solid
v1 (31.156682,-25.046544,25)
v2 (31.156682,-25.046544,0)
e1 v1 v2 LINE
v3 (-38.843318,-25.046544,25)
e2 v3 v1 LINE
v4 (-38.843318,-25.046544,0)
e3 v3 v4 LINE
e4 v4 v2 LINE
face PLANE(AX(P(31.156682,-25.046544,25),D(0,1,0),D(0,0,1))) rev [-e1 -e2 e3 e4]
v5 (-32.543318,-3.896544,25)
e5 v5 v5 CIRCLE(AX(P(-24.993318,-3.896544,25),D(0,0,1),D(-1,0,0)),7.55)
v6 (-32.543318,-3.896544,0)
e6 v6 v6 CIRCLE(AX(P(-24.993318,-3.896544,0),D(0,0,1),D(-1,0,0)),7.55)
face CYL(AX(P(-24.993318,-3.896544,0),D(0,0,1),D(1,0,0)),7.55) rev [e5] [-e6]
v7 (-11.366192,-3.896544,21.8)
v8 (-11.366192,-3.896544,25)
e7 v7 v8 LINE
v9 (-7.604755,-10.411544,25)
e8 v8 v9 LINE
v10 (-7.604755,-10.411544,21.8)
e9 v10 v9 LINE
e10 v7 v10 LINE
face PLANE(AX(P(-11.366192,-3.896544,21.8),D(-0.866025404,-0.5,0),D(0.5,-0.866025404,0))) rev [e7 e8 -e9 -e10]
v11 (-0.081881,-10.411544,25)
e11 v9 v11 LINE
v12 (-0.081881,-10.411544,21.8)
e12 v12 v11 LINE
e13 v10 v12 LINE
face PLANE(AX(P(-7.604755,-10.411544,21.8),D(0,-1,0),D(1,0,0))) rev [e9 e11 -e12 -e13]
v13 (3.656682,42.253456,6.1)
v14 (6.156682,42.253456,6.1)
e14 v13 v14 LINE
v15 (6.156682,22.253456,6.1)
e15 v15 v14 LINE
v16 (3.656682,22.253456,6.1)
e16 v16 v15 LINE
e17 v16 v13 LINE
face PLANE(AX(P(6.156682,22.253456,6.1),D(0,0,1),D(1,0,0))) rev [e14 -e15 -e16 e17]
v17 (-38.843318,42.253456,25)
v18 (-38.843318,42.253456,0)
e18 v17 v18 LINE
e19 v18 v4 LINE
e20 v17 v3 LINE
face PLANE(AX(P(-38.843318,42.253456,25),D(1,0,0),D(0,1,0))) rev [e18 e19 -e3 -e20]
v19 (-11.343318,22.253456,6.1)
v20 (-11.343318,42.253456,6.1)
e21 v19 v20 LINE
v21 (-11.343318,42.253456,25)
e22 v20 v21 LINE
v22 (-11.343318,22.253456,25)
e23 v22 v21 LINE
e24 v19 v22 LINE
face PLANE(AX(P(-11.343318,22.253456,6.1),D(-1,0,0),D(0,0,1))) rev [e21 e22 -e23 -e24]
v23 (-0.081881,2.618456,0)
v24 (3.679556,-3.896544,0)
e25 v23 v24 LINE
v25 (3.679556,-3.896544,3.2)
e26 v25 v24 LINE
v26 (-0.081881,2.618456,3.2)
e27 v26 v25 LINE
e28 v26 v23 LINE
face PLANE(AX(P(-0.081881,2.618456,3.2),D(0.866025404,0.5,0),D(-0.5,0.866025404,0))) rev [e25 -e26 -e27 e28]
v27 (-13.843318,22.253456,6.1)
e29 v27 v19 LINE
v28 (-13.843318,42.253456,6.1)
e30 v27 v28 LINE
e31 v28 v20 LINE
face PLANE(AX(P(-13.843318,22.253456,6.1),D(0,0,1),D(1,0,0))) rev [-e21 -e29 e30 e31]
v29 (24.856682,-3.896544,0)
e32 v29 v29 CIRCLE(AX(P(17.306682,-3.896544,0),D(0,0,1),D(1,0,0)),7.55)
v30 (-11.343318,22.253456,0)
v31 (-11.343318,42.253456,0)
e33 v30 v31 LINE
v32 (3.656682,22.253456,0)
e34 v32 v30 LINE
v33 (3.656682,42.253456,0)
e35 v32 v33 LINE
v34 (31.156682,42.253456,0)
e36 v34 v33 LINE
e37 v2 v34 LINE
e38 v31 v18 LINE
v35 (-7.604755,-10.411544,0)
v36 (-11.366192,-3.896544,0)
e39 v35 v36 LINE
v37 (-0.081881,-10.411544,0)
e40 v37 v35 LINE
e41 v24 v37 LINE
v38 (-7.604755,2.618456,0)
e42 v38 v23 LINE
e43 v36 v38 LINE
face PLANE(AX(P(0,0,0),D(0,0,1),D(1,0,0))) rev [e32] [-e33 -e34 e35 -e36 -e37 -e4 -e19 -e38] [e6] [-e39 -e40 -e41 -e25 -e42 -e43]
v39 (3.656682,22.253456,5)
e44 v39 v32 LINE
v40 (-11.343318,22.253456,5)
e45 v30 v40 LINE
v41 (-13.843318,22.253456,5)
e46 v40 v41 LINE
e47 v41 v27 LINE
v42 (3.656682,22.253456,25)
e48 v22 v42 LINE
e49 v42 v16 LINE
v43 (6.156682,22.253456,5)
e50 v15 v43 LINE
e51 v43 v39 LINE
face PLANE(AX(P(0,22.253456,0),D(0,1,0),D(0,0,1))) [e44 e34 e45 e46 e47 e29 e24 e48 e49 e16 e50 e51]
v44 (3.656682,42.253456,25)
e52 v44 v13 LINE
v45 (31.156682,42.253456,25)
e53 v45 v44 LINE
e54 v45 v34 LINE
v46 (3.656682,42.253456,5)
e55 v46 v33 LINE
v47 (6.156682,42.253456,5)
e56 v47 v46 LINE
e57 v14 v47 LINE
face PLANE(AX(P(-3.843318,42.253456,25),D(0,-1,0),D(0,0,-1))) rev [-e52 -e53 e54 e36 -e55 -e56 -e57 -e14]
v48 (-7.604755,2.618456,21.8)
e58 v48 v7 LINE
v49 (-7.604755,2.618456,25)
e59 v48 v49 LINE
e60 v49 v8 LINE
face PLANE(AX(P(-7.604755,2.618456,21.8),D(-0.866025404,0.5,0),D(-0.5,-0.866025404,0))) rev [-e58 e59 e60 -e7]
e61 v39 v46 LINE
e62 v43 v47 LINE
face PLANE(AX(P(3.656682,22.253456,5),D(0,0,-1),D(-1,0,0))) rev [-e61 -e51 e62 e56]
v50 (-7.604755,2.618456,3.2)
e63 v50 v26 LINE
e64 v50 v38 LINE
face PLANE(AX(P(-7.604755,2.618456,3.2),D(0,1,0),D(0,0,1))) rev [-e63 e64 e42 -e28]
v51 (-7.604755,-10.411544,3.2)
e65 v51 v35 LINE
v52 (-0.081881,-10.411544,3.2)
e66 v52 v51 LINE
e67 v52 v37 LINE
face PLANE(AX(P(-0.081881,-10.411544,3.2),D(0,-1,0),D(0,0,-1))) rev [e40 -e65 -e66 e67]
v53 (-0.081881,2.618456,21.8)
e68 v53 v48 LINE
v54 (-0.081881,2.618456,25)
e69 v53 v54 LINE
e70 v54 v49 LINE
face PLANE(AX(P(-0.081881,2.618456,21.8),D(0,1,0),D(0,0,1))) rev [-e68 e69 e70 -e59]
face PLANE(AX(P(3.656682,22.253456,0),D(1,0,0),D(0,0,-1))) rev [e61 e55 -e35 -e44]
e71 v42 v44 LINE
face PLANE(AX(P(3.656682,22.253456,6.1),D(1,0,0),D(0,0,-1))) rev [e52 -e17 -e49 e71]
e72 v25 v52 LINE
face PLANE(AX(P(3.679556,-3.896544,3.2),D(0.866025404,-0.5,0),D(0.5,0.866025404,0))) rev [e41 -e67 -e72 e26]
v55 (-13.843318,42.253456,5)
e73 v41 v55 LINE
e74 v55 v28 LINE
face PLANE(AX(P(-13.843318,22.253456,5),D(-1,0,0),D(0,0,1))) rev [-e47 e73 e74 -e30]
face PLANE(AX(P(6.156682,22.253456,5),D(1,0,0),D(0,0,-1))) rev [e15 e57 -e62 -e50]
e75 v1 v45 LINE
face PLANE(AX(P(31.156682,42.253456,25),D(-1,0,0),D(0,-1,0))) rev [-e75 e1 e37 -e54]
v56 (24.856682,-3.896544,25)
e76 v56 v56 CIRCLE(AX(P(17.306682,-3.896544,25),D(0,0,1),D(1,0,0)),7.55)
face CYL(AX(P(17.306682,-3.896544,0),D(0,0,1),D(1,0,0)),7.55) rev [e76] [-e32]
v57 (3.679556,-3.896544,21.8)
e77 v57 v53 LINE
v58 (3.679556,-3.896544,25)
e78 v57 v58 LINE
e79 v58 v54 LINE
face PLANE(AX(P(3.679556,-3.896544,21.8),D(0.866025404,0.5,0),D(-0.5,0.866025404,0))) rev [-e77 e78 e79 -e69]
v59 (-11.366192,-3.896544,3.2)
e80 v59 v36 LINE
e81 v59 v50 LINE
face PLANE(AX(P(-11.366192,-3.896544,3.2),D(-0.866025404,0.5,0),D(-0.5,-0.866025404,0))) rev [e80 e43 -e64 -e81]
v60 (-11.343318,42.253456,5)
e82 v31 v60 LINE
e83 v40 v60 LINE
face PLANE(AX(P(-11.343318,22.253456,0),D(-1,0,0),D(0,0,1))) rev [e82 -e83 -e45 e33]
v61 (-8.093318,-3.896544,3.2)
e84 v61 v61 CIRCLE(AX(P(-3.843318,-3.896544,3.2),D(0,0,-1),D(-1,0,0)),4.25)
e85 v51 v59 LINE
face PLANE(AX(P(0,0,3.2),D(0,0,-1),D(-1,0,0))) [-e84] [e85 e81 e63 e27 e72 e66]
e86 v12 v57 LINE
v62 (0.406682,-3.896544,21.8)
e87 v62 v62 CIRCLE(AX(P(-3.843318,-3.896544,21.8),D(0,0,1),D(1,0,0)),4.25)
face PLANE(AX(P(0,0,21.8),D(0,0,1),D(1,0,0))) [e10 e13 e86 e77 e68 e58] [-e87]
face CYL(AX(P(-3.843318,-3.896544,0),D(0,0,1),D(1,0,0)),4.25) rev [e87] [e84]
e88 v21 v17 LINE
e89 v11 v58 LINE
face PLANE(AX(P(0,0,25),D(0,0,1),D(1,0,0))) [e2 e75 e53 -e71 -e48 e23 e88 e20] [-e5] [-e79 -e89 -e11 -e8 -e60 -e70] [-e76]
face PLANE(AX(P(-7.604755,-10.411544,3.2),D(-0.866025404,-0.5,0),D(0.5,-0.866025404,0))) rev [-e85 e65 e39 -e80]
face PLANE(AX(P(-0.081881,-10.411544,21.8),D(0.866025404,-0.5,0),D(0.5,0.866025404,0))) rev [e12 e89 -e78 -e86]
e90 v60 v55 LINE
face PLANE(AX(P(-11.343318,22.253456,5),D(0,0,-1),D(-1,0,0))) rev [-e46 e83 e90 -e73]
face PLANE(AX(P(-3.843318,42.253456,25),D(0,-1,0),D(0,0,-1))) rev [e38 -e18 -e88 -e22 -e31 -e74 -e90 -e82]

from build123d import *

# Parameters (mm, degrees)
BOSS_EXTRUDE1_DEPTH     = 25
CUT_EXTRUDE1_DEPTH      = 3.2
CUT_EXTRUDE2_DEPTH      = 3.2
CUT_EXTRUDE3_DEPTH      = 62.39542258
CUT_EXTRUDE3_DEPTH_BACK = 62.39542258
SKETCH4_R               = 4.25
CUT_EXTRUDE4_DEPTH      = 63.603178144
CUT_EXTRUDE4_DEPTH_BACK = 63.603178144
SKETCH5_R               = 7.55
CUT_EXTRUDE5_DEPTH      = 20


with BuildPart() as part:
    # Sketch1 → Boss-Extrude1 (new body)
    with BuildSketch(Plane.XY):
        Polygon((-3.843317972, 42.253456221), (31.156682028, 42.253456221), (31.156682028, -25.046543779), (-4.705317324, -25.046543779), (-38.843317972, -25.046543779), (-38.843317972, 42.253456221), align=None)
    extrude(amount=BOSS_EXTRUDE1_DEPTH)

    # Sketch2 → Cut-Extrude1 (cut)
    with BuildSketch(Plane.XY.offset(25)):
        Polygon((3.679556035, -3.896543779), (-0.081880969, 2.618456221), (-7.604754976, 2.618456221), (-11.36619198, -3.896543779), (-7.604754976, -10.411543779), (-0.081880969, -10.411543779), align=None)
    extrude(amount=-CUT_EXTRUDE1_DEPTH, mode=Mode.SUBTRACT)

    # Sketch3 → Cut-Extrude2 (cut)
    with BuildSketch(Plane(origin=(0, 0, 0), x_dir=(-1, 0, 0), z_dir=(0, 0, -1))):
        Polygon((11.36619198, -3.896543779), (7.604754976, 2.618456221), (0.081880969, 2.618456221), (-3.679556035, -3.896543779), (0.081880969, -10.411543779), (7.604754976, -10.411543779), align=None)
    extrude(amount=-CUT_EXTRUDE2_DEPTH, mode=Mode.SUBTRACT)

    # Sketch4 → Cut-Extrude3 (cut, two sides: drawn at the far end of the back side and taken through both)
    with BuildSketch(Plane.XY.offset(21.8).offset(-CUT_EXTRUDE3_DEPTH_BACK)):
        with Locations((-3.843317972, -3.896543779)):
            Circle(SKETCH4_R)
    extrude(amount=CUT_EXTRUDE3_DEPTH + CUT_EXTRUDE3_DEPTH_BACK, mode=Mode.SUBTRACT)

    # Sketch5 → Cut-Extrude4 (cut, two sides: drawn at the far end of the back side and taken through both)
    with BuildSketch(Plane.XY.offset(25).offset(-CUT_EXTRUDE4_DEPTH_BACK)):
        with Locations((17.306682028, -3.896543779)):
            Circle(SKETCH5_R)
        with Locations(Location((-24.993317972, -3.896543779, 0), (0, 0, 180))):
            Circle(SKETCH5_R)
    extrude(amount=CUT_EXTRUDE4_DEPTH + CUT_EXTRUDE4_DEPTH_BACK, mode=Mode.SUBTRACT)

    # Sketch6 → Cut-Extrude5 (cut)
    with BuildSketch(Plane(origin=(0, 42.253456221, 0), x_dir=(1, 0, 0), z_dir=(0, 1, 0))):
        Polygon((-3.843317972, 0), (3.656682028, 0), (3.656682028, -5), (6.156682028, -5), (6.156682028, -6.1), (3.656682028, -6.1), (3.656682028, -25), (-11.343317972, -25), (-11.343317972, -6.1), (-13.843317972, -6.1), (-13.843317972, -5), (-11.343317972, -5), (-11.343317972, 0), align=None)
    extrude(amount=-CUT_EXTRUDE5_DEPTH, mode=Mode.SUBTRACT)


solid = part.part
